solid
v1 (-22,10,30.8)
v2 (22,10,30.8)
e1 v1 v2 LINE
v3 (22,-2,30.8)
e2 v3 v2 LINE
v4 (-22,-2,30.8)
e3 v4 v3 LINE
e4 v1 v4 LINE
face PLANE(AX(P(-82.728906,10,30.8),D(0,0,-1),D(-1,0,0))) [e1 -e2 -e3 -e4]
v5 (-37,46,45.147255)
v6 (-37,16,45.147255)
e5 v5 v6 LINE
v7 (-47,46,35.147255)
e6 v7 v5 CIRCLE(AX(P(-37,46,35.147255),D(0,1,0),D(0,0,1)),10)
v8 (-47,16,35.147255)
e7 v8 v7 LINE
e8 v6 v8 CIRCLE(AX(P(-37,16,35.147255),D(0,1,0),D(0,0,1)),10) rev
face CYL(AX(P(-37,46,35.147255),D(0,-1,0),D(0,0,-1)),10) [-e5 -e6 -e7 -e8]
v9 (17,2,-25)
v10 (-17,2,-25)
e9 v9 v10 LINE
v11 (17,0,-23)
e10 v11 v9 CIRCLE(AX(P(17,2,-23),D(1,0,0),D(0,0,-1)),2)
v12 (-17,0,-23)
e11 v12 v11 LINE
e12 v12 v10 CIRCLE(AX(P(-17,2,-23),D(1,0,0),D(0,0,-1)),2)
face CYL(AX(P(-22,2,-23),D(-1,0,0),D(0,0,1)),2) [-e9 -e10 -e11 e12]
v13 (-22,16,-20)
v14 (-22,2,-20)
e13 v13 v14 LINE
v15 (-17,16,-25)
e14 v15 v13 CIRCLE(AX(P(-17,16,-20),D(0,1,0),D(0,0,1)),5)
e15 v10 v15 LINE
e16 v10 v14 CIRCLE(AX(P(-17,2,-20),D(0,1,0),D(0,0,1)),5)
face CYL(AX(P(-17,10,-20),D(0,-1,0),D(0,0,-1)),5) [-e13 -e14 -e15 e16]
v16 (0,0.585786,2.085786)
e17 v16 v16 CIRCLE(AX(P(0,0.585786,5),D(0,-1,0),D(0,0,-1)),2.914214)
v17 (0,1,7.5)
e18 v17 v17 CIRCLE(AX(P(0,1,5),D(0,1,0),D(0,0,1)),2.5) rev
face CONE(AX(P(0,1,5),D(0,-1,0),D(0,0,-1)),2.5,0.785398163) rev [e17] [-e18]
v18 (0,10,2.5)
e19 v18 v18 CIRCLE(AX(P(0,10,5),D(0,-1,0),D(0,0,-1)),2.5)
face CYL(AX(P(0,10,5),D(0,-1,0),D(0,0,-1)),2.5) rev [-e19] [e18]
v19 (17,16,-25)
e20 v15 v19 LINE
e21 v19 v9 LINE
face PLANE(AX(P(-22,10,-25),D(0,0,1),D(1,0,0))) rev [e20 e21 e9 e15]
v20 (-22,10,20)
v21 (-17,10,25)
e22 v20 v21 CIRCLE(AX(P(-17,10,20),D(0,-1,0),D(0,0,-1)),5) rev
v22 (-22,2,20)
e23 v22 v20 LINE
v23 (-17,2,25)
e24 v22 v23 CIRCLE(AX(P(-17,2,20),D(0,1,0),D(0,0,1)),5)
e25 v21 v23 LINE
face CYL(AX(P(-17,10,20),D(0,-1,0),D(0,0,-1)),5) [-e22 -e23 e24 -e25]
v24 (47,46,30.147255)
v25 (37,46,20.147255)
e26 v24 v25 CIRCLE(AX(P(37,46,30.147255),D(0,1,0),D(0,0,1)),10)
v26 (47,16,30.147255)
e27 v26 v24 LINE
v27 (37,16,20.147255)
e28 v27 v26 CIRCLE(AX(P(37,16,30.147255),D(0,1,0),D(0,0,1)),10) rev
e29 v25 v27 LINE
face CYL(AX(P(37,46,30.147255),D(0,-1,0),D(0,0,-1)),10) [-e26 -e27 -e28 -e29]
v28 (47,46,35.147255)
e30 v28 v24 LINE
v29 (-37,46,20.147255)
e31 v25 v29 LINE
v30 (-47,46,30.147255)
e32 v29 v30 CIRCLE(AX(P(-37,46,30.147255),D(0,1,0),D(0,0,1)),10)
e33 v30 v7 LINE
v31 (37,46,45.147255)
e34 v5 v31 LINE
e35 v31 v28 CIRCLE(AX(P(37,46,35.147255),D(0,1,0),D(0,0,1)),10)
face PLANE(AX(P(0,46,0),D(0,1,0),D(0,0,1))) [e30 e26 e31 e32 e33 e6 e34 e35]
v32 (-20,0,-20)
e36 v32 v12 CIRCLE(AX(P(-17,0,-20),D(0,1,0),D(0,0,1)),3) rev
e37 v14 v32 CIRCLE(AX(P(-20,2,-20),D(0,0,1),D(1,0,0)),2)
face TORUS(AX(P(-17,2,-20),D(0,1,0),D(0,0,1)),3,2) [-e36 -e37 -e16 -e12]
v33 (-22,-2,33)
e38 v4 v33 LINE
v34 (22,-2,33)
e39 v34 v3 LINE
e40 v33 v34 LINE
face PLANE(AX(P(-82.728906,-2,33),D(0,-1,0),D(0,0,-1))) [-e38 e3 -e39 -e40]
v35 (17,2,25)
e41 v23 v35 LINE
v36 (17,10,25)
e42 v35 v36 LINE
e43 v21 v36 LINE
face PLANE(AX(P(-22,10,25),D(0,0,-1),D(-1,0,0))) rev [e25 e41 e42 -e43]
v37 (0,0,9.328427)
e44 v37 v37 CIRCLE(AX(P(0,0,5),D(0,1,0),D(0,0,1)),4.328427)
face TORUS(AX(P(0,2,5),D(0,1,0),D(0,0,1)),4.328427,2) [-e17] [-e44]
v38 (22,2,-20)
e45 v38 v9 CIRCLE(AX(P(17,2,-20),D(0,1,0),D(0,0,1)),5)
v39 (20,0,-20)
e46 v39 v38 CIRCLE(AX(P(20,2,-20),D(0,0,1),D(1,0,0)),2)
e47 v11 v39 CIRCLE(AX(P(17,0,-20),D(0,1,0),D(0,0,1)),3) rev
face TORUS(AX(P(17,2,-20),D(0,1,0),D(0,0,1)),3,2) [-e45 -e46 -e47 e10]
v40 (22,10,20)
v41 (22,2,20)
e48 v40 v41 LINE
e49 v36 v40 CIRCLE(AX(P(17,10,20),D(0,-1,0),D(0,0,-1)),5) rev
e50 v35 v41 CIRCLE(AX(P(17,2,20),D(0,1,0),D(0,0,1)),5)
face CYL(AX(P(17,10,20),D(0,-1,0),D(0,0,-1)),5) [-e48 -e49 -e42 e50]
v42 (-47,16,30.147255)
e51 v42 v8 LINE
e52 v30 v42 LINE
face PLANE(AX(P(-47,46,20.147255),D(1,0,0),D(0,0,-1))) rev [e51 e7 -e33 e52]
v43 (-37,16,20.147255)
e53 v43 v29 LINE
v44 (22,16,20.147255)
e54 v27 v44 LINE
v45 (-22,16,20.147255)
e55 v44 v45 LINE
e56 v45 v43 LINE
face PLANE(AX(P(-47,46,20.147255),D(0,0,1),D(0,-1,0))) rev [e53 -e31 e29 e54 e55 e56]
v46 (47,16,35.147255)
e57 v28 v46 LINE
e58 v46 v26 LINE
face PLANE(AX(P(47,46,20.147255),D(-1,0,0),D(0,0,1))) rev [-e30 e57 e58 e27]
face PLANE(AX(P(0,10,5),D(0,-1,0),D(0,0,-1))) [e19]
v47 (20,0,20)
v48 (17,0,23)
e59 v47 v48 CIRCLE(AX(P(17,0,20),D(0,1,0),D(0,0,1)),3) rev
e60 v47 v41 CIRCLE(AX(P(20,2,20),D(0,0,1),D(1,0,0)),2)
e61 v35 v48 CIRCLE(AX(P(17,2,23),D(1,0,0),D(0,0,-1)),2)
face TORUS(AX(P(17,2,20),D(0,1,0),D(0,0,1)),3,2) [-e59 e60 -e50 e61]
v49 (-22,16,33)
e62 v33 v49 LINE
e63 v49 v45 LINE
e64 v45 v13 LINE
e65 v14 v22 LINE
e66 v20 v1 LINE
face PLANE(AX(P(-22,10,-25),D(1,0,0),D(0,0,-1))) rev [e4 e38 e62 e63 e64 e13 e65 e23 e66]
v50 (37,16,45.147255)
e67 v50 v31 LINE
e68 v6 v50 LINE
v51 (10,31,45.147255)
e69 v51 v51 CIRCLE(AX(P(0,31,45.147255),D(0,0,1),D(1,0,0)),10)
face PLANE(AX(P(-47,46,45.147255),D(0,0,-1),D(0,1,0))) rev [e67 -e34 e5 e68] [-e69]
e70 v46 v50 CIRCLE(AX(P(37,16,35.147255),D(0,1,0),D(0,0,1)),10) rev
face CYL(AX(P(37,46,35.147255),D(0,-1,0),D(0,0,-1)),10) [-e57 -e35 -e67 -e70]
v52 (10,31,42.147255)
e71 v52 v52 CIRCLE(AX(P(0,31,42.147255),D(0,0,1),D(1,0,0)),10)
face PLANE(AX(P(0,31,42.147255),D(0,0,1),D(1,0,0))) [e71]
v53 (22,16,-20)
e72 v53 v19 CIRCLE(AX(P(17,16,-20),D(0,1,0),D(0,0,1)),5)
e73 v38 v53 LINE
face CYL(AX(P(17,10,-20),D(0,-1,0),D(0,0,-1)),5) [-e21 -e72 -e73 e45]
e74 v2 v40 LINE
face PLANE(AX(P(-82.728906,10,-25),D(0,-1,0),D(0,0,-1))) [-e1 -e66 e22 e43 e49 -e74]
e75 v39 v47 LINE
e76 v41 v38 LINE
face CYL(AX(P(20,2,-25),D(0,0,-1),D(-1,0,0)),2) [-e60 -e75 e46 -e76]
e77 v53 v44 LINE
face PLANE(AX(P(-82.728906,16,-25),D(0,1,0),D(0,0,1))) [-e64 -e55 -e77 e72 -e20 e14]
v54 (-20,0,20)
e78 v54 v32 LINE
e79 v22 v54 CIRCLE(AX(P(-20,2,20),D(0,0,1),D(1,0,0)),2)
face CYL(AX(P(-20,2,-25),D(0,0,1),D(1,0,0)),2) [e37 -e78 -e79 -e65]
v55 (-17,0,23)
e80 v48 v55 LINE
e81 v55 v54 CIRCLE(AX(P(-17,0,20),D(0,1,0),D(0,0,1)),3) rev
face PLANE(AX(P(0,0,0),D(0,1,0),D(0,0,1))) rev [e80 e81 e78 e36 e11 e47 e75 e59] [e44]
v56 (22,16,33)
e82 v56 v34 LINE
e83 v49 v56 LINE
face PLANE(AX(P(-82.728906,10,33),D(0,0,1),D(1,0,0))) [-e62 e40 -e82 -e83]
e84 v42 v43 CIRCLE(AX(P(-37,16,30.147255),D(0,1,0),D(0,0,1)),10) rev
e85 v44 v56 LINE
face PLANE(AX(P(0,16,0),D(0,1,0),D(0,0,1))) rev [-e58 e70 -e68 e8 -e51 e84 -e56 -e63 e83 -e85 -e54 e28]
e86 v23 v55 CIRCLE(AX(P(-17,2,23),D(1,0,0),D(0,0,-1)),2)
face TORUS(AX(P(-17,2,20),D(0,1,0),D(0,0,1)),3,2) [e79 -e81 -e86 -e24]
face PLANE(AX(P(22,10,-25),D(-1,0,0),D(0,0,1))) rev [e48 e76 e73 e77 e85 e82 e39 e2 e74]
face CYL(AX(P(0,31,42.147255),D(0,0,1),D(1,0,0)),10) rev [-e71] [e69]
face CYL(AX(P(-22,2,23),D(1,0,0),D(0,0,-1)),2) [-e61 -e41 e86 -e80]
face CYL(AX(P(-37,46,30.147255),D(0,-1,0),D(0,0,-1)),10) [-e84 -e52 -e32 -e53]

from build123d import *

# Parameters (mm, degrees)
SKETCH1_W           = 44
SKETCH1_H           = 50
BOSS_EXTRUDE1_DEPTH = 10
BOSS_EXTRUDE2_DEPTH = 44
FILLET1_R           = 5
SKETCH3_W           = 94
SKETCH3_H           = 25
BOSS_EXTRUDE3_DEPTH = 30
FILLET2_R           = 10
SKETCH4_R           = 10
CUT_EXTRUDE1_DEPTH  = 3
SKETCH5_R           = 2.5
CUT_EXTRUDE2_DEPTH  = 10
CHAMFER1_SIZE       = 1
FILLET3_R           = 2


with BuildPart() as part:
    # Sketch1 → Boss-Extrude1 (new body)
    with BuildSketch(Plane(origin=(0, 0, 0), x_dir=(1, 0, 0), z_dir=(0, 1, 0))):
        Rectangle(SKETCH1_W, SKETCH1_H)
    extrude(amount=BOSS_EXTRUDE1_DEPTH)

    # Sketch2 → Boss-Extrude2 (add)
    with BuildSketch(Plane(origin=(22, 0, 0), x_dir=(0, 0, -1), z_dir=(1, 0, 0))):
        Polygon((25, 10), (-30.8, 10), (-30.8, -2), (-33, -2), (-33, 10), (-33, 16), (25, 16), align=None)
    extrude(amount=-BOSS_EXTRUDE2_DEPTH)

    # Fillet1
    fillet1_edges = [part.edges().sort_by_distance(p)[0] for p in [
        (22, 5, 25),
        (-22, 5, 25),
        (-22, 8, -25),
        (22, 8, -25),
    ]]
    fillet(fillet1_edges, radius=FILLET1_R)

    # Sketch3 → Boss-Extrude3 (add)
    with BuildSketch(Plane(origin=(0, 16, 0), x_dir=(1, 0, 0), z_dir=(0, 1, 0))):
        with Locations((0, -32.64725537)):
            Rectangle(SKETCH3_W, SKETCH3_H)
    extrude(amount=BOSS_EXTRUDE3_DEPTH)

    # Fillet2
    fillet2_edges = [part.edges().sort_by_distance(p)[0] for p in [
        (47, 31, 45.14725537),
        (47, 31, 20.14725537),
        (-47, 31, 20.14725537),
        (-47, 31, 45.14725537),
    ]]
    fillet(fillet2_edges, radius=FILLET2_R)

    # Sketch4 → Cut-Extrude1 (cut)
    with BuildSketch(Plane.XY.offset(45.14725537)):
        with Locations((0, 31)):
            Circle(SKETCH4_R)
    extrude(amount=-CUT_EXTRUDE1_DEPTH, mode=Mode.SUBTRACT)

    # Sketch5 → Cut-Extrude2 (cut)
    with BuildSketch(Plane.XZ):
        with Locations((0, 5)):
            Circle(SKETCH5_R)
    extrude(amount=-CUT_EXTRUDE2_DEPTH, mode=Mode.SUBTRACT)

    # Chamfer1
    chamfer1_edges = [part.edges().sort_by_distance(p)[0] for p in [
        (-2.5, 0, 5),
    ]]
    chamfer(chamfer1_edges, length=CHAMFER1_SIZE)

    # Fillet3
    fillet3_edges = [part.edges().sort_by_distance(p)[0] for p in [
        (-3.5, 0, 5),
        (0, 0, 25),
        (22, 0, 0),
        (-22, 0, 0),
        (0, 0, -25),
        (20.535533906, 0, 23.535533906),
        (20.535533906, 0, -23.535533906),
        (-20.535533906, 0, -23.535533906),
        (-20.535533906, 0, 23.535533906),
    ]]
    fillet(fillet3_edges, radius=FILLET3_R)


solid = part.part
